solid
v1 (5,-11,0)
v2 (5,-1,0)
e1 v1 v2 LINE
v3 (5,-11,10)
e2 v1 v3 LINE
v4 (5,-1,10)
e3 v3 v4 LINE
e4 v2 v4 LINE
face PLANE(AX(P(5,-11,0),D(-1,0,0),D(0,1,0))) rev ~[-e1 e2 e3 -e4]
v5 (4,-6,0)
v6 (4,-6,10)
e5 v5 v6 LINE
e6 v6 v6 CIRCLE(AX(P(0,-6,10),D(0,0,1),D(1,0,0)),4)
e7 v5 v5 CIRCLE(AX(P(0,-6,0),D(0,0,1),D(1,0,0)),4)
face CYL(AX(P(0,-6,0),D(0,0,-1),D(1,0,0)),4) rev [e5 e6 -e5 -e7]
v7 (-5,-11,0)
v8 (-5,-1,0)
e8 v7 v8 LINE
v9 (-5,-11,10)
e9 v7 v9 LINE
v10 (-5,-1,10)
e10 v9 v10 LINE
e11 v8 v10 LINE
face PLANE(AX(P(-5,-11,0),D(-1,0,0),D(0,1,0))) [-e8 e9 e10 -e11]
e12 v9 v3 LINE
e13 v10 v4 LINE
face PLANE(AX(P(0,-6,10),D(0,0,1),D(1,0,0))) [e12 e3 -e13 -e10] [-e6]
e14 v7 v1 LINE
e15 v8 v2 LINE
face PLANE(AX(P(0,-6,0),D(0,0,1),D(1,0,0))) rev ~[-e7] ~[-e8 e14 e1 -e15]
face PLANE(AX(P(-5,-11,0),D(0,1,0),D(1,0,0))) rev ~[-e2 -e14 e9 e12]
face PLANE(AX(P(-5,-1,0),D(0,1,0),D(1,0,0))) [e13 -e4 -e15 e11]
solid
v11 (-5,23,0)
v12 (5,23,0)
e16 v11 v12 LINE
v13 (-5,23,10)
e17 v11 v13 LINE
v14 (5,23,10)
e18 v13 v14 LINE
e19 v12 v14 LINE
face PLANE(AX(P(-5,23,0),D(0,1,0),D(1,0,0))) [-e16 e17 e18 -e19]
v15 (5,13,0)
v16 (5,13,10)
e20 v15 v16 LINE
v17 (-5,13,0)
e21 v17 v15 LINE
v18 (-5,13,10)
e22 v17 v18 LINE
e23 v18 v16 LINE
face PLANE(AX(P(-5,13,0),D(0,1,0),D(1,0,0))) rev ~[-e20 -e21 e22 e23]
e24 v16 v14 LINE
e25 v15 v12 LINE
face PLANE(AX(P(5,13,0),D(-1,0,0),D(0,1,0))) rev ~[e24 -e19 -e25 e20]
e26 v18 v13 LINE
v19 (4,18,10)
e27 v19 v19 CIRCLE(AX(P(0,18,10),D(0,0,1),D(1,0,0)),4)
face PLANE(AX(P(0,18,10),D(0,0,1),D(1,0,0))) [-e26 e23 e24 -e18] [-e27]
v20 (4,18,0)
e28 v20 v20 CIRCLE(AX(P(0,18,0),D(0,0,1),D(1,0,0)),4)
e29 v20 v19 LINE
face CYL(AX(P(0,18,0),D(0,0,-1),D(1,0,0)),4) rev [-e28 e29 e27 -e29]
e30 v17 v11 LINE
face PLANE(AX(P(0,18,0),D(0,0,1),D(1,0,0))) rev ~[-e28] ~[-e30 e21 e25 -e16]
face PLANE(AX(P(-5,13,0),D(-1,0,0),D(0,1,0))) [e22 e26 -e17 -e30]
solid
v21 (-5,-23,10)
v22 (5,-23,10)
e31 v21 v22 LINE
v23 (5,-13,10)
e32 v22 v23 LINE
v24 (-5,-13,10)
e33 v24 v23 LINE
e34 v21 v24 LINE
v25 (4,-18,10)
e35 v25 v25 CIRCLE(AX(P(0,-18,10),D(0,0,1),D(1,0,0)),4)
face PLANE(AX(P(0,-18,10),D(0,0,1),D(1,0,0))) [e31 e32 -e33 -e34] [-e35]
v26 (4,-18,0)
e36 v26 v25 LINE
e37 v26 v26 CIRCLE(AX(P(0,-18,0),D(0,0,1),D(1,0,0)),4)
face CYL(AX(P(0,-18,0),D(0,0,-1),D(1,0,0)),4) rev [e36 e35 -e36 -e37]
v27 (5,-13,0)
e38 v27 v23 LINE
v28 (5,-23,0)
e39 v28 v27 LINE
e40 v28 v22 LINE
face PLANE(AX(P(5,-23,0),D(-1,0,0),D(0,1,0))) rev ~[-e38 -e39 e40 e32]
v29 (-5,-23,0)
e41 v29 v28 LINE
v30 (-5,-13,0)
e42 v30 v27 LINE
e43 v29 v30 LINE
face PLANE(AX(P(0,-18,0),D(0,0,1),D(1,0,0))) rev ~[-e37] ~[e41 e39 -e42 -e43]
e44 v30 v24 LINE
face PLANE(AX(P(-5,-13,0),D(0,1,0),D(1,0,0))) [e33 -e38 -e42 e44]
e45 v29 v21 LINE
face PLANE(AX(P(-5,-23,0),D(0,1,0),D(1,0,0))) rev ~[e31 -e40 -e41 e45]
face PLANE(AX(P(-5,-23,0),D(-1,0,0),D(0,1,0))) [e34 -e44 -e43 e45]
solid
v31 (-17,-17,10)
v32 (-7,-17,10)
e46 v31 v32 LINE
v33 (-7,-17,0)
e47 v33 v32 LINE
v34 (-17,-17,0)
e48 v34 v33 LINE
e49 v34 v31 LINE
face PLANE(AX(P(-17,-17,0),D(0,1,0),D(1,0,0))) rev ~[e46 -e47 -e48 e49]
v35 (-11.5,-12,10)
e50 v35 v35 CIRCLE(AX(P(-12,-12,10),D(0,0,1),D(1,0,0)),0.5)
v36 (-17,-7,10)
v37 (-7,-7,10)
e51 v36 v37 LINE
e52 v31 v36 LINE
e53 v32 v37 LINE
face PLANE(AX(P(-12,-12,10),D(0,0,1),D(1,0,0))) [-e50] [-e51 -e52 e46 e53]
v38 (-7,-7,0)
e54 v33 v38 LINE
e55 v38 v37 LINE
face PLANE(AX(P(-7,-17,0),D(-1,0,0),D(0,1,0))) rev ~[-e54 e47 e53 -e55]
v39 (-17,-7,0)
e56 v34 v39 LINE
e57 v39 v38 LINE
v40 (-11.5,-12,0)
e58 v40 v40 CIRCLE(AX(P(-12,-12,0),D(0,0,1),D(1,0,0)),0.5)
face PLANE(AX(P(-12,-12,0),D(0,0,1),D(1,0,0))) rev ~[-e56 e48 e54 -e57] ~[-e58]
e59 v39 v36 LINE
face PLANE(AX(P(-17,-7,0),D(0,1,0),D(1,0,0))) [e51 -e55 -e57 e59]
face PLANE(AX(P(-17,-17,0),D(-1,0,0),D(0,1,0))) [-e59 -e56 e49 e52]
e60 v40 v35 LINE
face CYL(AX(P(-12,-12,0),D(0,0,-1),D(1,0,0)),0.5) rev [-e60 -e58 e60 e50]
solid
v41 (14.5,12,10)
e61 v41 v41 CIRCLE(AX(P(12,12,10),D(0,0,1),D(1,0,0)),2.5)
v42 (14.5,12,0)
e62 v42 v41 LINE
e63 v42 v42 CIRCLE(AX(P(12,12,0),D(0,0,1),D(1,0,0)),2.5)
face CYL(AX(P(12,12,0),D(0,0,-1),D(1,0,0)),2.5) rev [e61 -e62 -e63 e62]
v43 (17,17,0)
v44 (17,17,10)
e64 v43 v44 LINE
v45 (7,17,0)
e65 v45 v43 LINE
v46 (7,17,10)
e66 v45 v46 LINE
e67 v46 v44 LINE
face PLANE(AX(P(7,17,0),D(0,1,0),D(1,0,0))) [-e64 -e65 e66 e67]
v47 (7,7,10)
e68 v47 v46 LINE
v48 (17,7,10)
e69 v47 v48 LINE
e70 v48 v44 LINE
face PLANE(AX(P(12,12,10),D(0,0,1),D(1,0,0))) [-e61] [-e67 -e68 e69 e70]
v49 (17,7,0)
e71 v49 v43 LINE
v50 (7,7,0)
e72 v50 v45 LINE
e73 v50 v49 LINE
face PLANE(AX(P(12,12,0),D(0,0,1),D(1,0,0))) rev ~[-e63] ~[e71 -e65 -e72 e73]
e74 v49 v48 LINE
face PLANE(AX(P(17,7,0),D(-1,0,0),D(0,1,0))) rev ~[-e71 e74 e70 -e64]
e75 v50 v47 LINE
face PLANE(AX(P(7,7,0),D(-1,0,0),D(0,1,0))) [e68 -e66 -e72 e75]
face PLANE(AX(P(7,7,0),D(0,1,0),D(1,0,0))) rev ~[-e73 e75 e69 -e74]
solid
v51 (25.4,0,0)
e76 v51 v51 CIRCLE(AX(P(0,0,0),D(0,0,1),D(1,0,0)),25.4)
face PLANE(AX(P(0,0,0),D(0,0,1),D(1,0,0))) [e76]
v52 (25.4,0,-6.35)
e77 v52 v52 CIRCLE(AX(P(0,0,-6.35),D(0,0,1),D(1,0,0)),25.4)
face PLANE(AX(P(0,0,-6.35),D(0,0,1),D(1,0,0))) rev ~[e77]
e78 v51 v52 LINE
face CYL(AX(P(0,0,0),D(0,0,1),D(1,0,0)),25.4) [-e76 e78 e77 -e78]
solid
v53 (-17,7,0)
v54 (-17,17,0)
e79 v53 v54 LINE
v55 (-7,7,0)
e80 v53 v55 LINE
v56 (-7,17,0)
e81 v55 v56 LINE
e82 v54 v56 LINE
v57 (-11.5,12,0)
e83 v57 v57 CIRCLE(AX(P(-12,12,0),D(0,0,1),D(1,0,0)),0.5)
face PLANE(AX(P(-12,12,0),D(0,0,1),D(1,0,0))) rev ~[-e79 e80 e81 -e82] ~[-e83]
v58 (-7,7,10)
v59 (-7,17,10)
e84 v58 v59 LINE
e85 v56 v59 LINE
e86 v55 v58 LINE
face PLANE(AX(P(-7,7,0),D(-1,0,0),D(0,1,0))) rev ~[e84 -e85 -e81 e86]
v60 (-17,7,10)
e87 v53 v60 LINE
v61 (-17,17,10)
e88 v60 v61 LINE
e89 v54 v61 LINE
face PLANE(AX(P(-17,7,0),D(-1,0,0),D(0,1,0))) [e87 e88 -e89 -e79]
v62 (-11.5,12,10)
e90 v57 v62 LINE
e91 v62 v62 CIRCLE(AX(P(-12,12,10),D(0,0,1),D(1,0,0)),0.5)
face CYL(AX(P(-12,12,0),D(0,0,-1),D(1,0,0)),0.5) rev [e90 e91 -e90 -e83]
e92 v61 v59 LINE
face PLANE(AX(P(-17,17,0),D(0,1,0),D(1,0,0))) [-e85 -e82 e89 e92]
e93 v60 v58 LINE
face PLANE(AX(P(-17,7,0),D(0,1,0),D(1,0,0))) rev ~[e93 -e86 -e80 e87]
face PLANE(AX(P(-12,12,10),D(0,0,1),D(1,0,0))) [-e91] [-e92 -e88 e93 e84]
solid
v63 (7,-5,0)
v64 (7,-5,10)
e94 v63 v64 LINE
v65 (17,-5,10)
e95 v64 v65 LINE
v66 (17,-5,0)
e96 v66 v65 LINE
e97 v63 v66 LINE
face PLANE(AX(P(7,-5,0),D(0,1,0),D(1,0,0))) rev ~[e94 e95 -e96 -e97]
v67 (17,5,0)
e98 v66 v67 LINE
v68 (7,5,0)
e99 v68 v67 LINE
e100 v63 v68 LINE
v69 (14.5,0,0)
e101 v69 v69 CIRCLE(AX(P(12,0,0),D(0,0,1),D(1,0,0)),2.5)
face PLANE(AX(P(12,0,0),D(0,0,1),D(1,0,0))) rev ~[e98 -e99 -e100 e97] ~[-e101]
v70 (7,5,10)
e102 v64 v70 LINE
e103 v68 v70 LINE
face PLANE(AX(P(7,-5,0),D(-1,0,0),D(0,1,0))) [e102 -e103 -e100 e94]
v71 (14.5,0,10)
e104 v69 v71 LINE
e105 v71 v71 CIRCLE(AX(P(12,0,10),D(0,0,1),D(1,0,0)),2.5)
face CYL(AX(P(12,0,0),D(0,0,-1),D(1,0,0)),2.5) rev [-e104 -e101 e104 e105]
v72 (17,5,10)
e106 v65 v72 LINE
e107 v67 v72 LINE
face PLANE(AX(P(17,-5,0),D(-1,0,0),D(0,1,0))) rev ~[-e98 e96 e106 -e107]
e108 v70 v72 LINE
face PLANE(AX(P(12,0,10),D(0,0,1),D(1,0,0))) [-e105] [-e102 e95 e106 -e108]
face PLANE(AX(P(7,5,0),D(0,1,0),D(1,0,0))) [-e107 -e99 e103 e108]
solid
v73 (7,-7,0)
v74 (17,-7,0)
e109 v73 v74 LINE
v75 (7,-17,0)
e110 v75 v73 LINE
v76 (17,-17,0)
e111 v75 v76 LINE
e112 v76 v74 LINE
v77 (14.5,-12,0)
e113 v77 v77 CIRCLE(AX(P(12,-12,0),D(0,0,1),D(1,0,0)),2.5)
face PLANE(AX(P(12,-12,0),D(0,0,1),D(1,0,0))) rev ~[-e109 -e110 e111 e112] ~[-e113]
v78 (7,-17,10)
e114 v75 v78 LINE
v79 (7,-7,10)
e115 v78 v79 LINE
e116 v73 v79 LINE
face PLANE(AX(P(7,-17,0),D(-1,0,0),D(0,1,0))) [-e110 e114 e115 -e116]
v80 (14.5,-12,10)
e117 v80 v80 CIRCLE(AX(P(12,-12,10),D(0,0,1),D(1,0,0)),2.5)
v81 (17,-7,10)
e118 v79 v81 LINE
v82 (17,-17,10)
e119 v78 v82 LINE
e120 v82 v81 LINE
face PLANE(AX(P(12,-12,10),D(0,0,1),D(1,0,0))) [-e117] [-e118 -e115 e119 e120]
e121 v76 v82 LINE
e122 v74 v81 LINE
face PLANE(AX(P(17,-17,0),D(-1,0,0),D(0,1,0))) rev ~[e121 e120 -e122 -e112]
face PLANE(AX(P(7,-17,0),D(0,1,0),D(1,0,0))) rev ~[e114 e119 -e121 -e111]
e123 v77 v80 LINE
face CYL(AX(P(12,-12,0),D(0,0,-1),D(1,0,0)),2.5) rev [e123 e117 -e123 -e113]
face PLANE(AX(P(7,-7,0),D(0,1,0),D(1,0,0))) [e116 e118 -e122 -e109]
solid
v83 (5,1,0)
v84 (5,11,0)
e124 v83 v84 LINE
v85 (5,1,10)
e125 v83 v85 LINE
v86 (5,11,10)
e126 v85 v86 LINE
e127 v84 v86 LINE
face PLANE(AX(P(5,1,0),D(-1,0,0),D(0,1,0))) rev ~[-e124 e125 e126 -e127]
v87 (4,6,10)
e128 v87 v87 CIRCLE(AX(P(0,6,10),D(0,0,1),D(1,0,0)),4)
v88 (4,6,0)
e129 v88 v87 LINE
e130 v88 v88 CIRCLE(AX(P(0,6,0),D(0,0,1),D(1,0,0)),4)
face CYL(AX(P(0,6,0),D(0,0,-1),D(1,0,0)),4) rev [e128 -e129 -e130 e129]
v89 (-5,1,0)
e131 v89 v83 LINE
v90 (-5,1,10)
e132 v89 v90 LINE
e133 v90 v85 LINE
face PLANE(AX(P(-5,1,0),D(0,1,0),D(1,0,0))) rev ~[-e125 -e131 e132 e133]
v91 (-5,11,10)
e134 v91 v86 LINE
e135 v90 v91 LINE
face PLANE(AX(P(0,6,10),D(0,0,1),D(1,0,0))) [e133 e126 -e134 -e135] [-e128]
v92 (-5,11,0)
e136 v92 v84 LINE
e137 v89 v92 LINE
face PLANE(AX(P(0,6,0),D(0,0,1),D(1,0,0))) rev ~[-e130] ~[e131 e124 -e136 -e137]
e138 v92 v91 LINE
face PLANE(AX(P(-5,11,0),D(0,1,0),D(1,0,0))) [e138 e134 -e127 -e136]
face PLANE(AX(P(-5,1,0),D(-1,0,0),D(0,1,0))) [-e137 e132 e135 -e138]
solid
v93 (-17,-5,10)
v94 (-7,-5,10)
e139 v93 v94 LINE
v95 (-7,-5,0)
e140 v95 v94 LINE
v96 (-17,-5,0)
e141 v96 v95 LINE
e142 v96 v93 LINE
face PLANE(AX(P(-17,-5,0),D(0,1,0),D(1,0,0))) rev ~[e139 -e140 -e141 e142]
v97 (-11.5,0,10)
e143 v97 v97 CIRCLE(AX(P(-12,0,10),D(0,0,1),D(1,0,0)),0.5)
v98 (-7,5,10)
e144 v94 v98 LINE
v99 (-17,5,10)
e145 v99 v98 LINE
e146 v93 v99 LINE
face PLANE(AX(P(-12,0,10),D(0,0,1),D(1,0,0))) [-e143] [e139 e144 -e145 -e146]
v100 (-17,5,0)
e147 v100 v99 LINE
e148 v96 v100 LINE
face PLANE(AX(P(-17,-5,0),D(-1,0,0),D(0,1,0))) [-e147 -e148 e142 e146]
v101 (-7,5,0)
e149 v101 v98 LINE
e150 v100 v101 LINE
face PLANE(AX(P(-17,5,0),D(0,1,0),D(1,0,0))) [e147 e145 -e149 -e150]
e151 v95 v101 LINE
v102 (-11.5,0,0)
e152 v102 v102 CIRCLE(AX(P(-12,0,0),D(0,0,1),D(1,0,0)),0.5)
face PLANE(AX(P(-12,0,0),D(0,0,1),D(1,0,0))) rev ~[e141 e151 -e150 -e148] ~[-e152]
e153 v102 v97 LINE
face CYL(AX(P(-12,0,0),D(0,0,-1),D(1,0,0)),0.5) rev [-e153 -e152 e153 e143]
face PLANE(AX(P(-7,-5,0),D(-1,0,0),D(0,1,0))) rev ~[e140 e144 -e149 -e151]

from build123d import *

# Parameters (mm, degrees)
F0_R     = 25.4
F0_W     = 10
F0_H     = 10
F0_R_2   = 0.5
F0_R_3   = 4
F0_R_4   = 2.5
F1_DEPTH = 6.35
F2_DEPTH = 10


with BuildPart() as f1:
    # F0 (on Top) → F1 (new body)
    with BuildSketch(Plane.XY):
        Circle(F0_R)
        with Locations((0, -18)):
            Rectangle(F0_W, F0_H, mode=Mode.SUBTRACT)
        with Locations((-12, -12)):
            Rectangle(F0_W, F0_H, mode=Mode.SUBTRACT)
        with Locations((-12, 0)):
            Rectangle(F0_W, F0_H, mode=Mode.SUBTRACT)
        with Locations((0, -6)):
            Rectangle(F0_W, F0_H, mode=Mode.SUBTRACT)
        with Locations((12, -12)):
            Rectangle(F0_W, F0_H, mode=Mode.SUBTRACT)
        with Locations((12, 0)):
            Rectangle(F0_W, F0_H, mode=Mode.SUBTRACT)
        with Locations((0, 6)):
            Rectangle(F0_W, F0_H, mode=Mode.SUBTRACT)
        with Locations((-12, 12)):
            Rectangle(F0_W, F0_H, mode=Mode.SUBTRACT)
        with Locations((0, 18)):
            Rectangle(F0_W, F0_H, mode=Mode.SUBTRACT)
        with Locations((12, 12)):
            Rectangle(F0_W, F0_H, mode=Mode.SUBTRACT)
        with Locations((-12, -12)):
            Rectangle(F0_W, F0_H)
        with Locations((-12, -12)):
            Circle(F0_R_2, mode=Mode.SUBTRACT)
        with Locations((-12, 0)):
            Rectangle(F0_W, F0_H)
        with Locations((-12, 0)):
            Circle(F0_R_2, mode=Mode.SUBTRACT)
        with Locations((-12, 12)):
            Rectangle(F0_W, F0_H)
        with Locations((-12, 12)):
            Circle(F0_R_2, mode=Mode.SUBTRACT)
        with Locations((0, 6)):
            Rectangle(F0_W, F0_H)
        with Locations((0, 6)):
            Circle(F0_R_3, mode=Mode.SUBTRACT)
        with Locations((0, -6)):
            Rectangle(F0_W, F0_H)
        with Locations((0, -6)):
            Circle(F0_R_3, mode=Mode.SUBTRACT)
        with Locations((0, -18)):
            Rectangle(F0_W, F0_H)
        with Locations((0, -18)):
            Circle(F0_R_3, mode=Mode.SUBTRACT)
        with Locations((0, 18)):
            Rectangle(F0_W, F0_H)
        with Locations((0, 18)):
            Circle(F0_R_3, mode=Mode.SUBTRACT)
        with Locations((12, 12)):
            Rectangle(F0_W, F0_H)
        with Locations((12, 12)):
            Circle(F0_R_4, mode=Mode.SUBTRACT)
        with Locations((12, 0)):
            Rectangle(F0_W, F0_H)
        with Locations((12, 0)):
            Circle(F0_R_4, mode=Mode.SUBTRACT)
        with Locations((12, -12)):
            Rectangle(F0_W, F0_H)
        with Locations((12, -12)):
            Circle(F0_R_4, mode=Mode.SUBTRACT)
        with Locations((-12, -12)):
            Circle(F0_R_2)
        with Locations((-12, 0)):
            Circle(F0_R_2)
        with Locations((-12, 12)):
            Circle(F0_R_2)
        with Locations((0, 18)):
            Circle(F0_R_3)
        with Locations((0, 6)):
            Circle(F0_R_3)
        with Locations((0, -18)):
            Circle(F0_R_3)
        with Locations((12, -12)):
            Circle(F0_R_4)
        with Locations((12, 0)):
            Circle(F0_R_4)
        with Locations((12, 12)):
            Circle(F0_R_4)
        with Locations((0, -6)):
            Circle(F0_R_3)
    extrude(amount=-F1_DEPTH)


with BuildPart() as f2:
    # F0 (on Top) → F2 (new body)
    with BuildSketch(Plane.XY):
        with Locations((-12, 12)):
            Rectangle(F0_W, F0_H)
        with Locations((-12, 12)):
            Circle(F0_R_2, mode=Mode.SUBTRACT)
        with Locations((0, 18)):
            Rectangle(F0_W, F0_H)
        with Locations((0, 18)):
            Circle(F0_R_3, mode=Mode.SUBTRACT)
        with Locations((12, 12)):
            Rectangle(F0_W, F0_H)
        with Locations((12, 12)):
            Circle(F0_R_4, mode=Mode.SUBTRACT)
        with Locations((0, 6)):
            Rectangle(F0_W, F0_H)
        with Locations((0, 6)):
            Circle(F0_R_3, mode=Mode.SUBTRACT)
        with Locations((-12, 0)):
            Rectangle(F0_W, F0_H)
        with Locations((-12, 0)):
            Circle(F0_R_2, mode=Mode.SUBTRACT)
        with Locations((-12, -12)):
            Rectangle(F0_W, F0_H)
        with Locations((-12, -12)):
            Circle(F0_R_2, mode=Mode.SUBTRACT)
        with Locations((0, -6)):
            Rectangle(F0_W, F0_H)
        with Locations((0, -6)):
            Circle(F0_R_3, mode=Mode.SUBTRACT)
        with Locations((0, -18)):
            Rectangle(F0_W, F0_H)
        with Locations((0, -18)):
            Circle(F0_R_3, mode=Mode.SUBTRACT)
        with Locations((12, 0)):
            Rectangle(F0_W, F0_H)
        with Locations((12, 0)):
            Circle(F0_R_4, mode=Mode.SUBTRACT)
        with Locations((12, -12)):
            Rectangle(F0_W, F0_H)
        with Locations((12, -12)):
            Circle(F0_R_4, mode=Mode.SUBTRACT)
    extrude(amount=F2_DEPTH)


solid = Compound([f1.part, f2.part])
